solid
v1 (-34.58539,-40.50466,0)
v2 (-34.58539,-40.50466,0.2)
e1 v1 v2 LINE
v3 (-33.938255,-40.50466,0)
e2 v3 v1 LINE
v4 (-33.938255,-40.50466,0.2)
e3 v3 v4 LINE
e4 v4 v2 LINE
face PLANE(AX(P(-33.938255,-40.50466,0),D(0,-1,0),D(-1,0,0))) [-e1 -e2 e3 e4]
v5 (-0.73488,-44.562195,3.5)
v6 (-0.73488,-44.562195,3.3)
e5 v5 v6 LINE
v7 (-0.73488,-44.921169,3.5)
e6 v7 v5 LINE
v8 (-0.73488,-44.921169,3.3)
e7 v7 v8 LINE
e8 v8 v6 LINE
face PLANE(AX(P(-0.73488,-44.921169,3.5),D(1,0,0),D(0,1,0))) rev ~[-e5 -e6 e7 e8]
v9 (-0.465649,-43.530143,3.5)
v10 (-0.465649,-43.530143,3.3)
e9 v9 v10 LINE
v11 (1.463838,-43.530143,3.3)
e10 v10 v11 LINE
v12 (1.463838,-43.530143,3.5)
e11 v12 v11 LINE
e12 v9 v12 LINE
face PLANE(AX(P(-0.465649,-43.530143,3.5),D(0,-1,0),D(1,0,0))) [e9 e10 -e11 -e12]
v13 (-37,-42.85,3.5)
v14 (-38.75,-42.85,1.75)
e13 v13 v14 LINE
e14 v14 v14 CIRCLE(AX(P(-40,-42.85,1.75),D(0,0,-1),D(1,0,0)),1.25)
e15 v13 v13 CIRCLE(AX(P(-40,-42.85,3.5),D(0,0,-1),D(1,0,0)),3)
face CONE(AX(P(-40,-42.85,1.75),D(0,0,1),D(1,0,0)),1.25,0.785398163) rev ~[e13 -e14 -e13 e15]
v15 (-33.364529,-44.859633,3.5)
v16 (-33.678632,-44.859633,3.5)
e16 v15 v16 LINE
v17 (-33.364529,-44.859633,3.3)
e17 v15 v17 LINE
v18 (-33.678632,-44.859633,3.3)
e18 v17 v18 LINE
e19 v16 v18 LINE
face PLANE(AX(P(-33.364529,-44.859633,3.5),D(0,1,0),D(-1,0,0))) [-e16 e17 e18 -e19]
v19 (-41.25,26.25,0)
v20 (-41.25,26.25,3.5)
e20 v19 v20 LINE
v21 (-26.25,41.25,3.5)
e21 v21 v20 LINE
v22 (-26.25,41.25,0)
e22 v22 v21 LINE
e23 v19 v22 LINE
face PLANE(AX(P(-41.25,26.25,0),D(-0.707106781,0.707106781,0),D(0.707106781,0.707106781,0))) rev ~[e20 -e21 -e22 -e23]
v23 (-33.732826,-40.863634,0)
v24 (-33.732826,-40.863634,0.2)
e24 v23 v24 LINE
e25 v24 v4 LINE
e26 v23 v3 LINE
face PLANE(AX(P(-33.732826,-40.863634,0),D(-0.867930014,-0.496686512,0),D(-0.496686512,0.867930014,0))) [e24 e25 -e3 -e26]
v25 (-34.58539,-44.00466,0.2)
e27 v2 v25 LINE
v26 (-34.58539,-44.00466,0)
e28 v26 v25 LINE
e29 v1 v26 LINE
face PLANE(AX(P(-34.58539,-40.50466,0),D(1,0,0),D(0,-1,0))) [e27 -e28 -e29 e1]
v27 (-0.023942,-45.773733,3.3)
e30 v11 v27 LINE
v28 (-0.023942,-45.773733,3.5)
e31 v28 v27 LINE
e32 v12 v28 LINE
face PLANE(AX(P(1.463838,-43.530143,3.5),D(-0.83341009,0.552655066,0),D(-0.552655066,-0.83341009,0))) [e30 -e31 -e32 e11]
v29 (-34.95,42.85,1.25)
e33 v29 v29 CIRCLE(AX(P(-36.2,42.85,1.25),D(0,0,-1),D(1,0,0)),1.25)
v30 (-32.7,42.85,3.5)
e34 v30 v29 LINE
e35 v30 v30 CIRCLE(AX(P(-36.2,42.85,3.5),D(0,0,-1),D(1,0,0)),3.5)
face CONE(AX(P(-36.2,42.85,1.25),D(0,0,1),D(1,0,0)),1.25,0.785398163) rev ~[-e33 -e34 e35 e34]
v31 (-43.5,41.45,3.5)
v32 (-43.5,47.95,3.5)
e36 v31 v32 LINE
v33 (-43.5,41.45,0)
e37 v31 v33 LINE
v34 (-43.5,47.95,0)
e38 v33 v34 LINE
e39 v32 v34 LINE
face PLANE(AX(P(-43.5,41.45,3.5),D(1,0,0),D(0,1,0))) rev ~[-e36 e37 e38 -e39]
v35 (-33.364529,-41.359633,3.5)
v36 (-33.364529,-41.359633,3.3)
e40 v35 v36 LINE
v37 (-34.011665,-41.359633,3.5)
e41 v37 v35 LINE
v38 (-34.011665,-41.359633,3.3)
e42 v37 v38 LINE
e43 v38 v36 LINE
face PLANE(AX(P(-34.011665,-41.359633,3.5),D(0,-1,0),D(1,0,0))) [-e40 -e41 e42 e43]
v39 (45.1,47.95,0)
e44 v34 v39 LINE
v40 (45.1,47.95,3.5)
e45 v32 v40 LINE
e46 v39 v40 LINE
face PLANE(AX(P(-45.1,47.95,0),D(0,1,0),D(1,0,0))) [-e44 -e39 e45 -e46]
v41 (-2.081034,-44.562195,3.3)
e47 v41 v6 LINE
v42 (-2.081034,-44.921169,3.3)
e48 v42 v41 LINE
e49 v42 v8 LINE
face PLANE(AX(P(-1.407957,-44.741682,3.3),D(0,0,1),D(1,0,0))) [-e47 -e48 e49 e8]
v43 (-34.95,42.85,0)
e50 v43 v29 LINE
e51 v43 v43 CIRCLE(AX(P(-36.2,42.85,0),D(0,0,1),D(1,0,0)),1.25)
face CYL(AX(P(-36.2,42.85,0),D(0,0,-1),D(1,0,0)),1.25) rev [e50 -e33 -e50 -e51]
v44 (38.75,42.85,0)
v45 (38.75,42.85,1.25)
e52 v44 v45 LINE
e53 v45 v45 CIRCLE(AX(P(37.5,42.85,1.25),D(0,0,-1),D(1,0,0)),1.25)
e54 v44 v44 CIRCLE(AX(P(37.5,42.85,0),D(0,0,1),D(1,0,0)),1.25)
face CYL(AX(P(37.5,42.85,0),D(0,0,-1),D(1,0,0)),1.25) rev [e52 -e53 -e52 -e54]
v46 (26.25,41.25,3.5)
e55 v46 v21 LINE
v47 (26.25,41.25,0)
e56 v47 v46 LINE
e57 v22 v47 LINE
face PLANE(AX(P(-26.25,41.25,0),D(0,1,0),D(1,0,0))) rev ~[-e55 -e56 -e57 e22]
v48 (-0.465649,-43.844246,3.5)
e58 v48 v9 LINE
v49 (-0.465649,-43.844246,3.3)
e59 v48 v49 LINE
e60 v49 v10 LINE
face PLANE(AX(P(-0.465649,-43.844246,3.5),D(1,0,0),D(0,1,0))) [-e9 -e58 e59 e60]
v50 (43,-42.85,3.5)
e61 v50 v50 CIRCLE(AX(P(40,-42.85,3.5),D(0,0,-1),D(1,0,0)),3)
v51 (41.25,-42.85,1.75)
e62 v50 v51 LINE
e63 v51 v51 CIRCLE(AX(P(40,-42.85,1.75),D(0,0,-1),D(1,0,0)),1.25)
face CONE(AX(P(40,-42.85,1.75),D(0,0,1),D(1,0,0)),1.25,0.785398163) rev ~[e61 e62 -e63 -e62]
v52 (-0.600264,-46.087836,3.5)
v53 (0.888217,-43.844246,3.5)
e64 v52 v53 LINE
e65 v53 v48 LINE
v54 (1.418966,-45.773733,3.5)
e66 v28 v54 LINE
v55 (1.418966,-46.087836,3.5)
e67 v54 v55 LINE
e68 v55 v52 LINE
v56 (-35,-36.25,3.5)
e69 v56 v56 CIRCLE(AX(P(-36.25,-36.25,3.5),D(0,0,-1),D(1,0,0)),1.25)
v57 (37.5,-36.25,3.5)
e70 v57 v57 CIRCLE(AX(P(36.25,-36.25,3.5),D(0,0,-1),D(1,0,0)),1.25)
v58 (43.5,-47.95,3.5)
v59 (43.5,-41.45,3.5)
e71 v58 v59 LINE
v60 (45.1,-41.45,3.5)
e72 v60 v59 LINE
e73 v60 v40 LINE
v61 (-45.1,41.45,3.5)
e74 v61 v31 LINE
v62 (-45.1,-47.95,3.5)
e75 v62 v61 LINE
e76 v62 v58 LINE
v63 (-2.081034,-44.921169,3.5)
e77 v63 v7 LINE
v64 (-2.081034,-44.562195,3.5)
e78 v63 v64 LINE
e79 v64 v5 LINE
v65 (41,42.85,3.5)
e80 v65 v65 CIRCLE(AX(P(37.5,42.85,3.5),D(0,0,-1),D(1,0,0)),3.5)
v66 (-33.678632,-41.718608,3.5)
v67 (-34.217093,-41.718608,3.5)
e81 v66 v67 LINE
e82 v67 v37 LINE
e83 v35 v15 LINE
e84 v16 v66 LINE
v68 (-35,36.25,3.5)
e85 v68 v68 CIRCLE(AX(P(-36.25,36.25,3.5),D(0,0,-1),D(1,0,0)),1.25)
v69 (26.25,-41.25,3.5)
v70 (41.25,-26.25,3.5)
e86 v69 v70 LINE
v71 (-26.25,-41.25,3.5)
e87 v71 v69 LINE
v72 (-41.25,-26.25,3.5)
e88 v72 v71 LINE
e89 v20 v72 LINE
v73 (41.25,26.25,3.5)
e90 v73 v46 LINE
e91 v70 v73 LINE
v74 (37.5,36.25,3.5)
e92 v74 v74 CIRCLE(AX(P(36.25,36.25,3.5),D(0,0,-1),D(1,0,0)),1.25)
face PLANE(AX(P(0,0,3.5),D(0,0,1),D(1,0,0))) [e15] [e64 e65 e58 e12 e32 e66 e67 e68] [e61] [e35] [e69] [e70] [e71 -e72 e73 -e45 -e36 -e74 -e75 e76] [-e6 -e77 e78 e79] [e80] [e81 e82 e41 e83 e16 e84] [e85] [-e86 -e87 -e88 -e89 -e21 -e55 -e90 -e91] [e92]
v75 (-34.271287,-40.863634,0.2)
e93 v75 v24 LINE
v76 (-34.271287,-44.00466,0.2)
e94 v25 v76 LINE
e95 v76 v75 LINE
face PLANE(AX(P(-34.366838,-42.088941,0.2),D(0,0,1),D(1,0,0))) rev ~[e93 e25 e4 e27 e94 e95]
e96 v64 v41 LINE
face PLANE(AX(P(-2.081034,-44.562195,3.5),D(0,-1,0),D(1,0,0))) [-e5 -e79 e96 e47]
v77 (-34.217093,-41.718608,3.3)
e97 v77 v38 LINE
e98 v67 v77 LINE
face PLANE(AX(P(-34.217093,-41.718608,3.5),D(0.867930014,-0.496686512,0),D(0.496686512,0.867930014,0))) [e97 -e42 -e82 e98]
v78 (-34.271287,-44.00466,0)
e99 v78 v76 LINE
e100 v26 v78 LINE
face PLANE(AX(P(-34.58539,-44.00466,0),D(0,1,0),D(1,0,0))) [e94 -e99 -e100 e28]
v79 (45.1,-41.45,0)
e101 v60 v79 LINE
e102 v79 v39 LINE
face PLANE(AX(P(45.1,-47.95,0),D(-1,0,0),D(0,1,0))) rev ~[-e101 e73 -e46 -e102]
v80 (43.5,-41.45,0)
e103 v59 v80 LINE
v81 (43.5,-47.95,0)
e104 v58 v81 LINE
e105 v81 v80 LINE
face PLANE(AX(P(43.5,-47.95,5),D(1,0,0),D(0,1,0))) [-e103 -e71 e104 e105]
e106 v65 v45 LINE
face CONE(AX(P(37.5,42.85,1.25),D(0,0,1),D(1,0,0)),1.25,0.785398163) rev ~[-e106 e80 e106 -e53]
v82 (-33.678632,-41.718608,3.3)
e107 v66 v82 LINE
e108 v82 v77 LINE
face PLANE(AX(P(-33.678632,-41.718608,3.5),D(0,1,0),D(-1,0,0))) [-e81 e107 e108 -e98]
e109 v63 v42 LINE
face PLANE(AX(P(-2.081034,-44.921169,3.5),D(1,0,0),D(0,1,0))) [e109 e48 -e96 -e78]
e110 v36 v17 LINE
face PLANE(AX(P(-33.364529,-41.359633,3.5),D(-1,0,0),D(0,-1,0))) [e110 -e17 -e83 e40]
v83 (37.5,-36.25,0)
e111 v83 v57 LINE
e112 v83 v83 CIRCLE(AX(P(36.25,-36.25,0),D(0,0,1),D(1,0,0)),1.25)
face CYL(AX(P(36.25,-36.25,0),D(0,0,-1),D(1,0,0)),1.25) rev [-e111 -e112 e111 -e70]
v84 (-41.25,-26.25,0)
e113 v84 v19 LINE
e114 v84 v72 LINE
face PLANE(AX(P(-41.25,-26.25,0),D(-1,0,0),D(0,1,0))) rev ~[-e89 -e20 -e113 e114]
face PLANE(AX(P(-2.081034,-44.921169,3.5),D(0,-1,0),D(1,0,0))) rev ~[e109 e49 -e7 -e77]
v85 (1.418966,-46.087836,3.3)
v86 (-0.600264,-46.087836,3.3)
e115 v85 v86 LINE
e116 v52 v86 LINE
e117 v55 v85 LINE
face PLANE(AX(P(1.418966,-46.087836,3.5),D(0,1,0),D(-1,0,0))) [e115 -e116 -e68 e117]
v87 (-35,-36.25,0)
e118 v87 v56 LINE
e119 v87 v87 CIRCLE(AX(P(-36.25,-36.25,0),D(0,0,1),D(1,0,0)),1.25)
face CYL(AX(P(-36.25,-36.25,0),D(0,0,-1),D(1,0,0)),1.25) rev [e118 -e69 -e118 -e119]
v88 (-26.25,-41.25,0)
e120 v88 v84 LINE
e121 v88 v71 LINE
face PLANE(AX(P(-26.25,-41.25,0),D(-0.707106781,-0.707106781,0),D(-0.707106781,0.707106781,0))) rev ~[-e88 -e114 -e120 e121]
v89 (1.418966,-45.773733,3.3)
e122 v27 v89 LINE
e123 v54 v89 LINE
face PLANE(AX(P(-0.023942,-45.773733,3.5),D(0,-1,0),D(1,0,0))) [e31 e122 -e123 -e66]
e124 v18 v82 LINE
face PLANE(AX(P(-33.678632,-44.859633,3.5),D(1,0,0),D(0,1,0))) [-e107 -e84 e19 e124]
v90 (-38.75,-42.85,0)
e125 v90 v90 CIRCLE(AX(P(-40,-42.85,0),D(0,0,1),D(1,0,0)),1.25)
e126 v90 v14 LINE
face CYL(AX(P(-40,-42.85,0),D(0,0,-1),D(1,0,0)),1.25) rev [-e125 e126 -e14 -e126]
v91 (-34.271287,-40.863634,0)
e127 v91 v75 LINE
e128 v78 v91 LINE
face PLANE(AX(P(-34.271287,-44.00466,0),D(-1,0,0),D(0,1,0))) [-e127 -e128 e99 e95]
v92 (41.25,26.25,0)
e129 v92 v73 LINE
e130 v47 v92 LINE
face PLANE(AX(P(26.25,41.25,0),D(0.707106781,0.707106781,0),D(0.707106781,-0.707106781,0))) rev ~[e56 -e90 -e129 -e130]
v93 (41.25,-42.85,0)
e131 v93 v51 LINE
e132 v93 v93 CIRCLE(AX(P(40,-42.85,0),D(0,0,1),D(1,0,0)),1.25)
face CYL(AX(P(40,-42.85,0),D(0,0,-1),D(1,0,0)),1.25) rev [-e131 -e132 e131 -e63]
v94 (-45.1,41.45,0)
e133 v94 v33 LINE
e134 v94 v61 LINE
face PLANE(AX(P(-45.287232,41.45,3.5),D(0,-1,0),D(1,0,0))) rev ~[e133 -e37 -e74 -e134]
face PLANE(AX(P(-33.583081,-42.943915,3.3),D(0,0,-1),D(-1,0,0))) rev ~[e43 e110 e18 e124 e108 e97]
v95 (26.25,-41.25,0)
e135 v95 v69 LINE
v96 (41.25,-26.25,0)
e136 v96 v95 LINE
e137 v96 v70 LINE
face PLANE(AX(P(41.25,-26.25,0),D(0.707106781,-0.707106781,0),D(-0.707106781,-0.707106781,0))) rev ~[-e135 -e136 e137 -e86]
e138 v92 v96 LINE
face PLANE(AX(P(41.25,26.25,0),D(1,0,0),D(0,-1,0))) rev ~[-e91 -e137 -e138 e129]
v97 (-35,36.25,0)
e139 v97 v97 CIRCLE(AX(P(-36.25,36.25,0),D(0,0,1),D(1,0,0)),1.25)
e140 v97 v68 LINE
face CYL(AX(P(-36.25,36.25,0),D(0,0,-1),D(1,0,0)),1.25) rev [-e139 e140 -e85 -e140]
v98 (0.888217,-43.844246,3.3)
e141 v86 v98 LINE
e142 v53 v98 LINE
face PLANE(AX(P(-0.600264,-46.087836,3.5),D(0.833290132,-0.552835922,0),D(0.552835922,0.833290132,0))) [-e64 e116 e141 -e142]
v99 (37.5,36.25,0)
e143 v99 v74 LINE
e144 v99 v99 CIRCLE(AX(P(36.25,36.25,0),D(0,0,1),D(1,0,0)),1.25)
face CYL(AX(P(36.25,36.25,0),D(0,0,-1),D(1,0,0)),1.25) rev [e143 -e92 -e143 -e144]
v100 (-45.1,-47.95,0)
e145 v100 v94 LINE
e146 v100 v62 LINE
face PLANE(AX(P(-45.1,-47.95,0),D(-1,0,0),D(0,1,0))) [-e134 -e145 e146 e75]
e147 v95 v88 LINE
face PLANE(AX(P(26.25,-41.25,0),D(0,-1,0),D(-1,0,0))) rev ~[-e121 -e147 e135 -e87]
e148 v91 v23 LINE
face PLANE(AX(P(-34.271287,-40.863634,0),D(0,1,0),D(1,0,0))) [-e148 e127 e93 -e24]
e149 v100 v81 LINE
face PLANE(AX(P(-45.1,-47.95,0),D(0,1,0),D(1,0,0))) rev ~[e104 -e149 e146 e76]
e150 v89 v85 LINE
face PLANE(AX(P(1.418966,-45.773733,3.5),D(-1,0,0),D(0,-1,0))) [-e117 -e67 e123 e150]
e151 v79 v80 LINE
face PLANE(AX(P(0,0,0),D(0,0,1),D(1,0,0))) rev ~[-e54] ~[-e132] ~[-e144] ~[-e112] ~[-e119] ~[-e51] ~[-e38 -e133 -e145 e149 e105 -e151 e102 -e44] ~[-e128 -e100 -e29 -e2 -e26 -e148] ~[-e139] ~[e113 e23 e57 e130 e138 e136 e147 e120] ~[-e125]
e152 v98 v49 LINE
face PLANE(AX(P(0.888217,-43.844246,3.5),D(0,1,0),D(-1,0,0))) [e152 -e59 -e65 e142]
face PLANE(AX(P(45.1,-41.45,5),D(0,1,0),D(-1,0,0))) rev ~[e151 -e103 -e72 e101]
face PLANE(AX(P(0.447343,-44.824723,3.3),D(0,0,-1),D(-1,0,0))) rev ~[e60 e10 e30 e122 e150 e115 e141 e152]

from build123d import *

# Parameters (mm, degrees)
ESBO_O1_W                  = 90.2
ESBO_O1_H                  = 95.9
RESSALTO_EXTRUS_O1_DEPTH   = 3.5
ESBO_O2_R                  = 1.25
CORTE_EXTRUS_O1_DEPTH      = 5
CORTE_EXTRUS_O3_DEPTH      = 5
ESBO_O4_R                  = 1.25
CORTE_EXTRUS_O2_DEPTH      = 10
CHANFRO4_SIZE              = 1.75
CHANFRO5_SIZE              = 1.75
CHANFRO6_SIZE              = 2.25
CHANFRO7_SIZE              = 2.25
CORTE_EXTRUS_O4_DEPTH      = 0.2
CORTE_EXTRUS_O5_DEPTH      = 0.2
CORTE_EXTRUS_O7_DEPTH      = 66.920122118
CORTE_EXTRUS_O7_DEPTH_BACK = 5
ESBO_O7_W                  = 1.6
ESBO_O7_H                  = 6.5
CORTE_EXTRUS_O8_DEPTH      = 5
ESBO_O9_W                  = 1.346153846
ESBO_O9_H                  = 0.358974359
CORTE_EXTRUS_O9_DEPTH      = 0.2


with BuildPart() as part:
    # Esboço1 → Ressalto-extrusão1 (new body)
    with BuildSketch(Plane.XY):
        Rectangle(ESBO_O1_W, ESBO_O1_H)
    extrude(amount=RESSALTO_EXTRUS_O1_DEPTH)

    # Esboço2 → Corte-extrusão1 (cut)
    with BuildSketch(Plane.XY):
        with Locations((-36.2, 42.85)):
            Circle(ESBO_O2_R)
        with Locations((37.5, 42.85)):
            Circle(ESBO_O2_R)
        with Locations((40, -42.85)):
            Circle(ESBO_O2_R)
        with Locations((-40, -42.85)):
            Circle(ESBO_O2_R)
    extrude(amount=CORTE_EXTRUS_O1_DEPTH, mode=Mode.SUBTRACT)

    # Esboço3 → Corte-extrusão3 (cut)
    with BuildSketch(Plane.XY):
        Polygon((-26.25, 41.25), (26.25, 41.25), (41.25, 26.25), (41.25, -26.25), (26.25, -41.25), (-26.25, -41.25), (-41.25, -26.25), (-41.25, 26.25), align=None)
    extrude(amount=CORTE_EXTRUS_O3_DEPTH, mode=Mode.SUBTRACT)

    # Esboço4 → Corte-extrusão2 (cut)
    with BuildSketch(Plane.XY):
        with Locations((-36.25, 36.25)):
            Circle(ESBO_O4_R)
        with Locations((36.25, 36.25)):
            Circle(ESBO_O4_R)
        with Locations((-36.25, -36.25)):
            Circle(ESBO_O4_R)
        with Locations((36.25, -36.25)):
            Circle(ESBO_O4_R)
    extrude(amount=CORTE_EXTRUS_O2_DEPTH, mode=Mode.SUBTRACT)

    # Chanfro4
    chanfro4_edges = [part.edges().sort_by_distance(p)[0] for p in [
        (-41.25, -42.85, 3.5),
    ]]
    chamfer(chanfro4_edges, length=CHANFRO4_SIZE)

    # Chanfro5
    chanfro5_edges = [part.edges().sort_by_distance(p)[0] for p in [
        (38.75, -42.85, 3.5),
    ]]
    chamfer(chanfro5_edges, length=CHANFRO5_SIZE)

    # Chanfro6
    chanfro6_edges = [part.edges().sort_by_distance(p)[0] for p in [
        (-37.45, 42.85, 3.5),
    ]]
    chamfer(chanfro6_edges, length=CHANFRO6_SIZE)

    # Chanfro7
    chanfro7_edges = [part.edges().sort_by_distance(p)[0] for p in [
        (36.25, 42.85, 3.5),
    ]]
    chamfer(chanfro7_edges, length=CHANFRO7_SIZE)

    # Esboço5 → Corte-extrusão4 (cut)
    with BuildSketch(Plane.XY.offset(3.5)):
        Polygon((-34.011664728, -41.359633286), (-33.364529311, -41.359633286), (-33.364529311, -44.859633286), (-33.678631875, -44.859633286), (-33.678631875, -41.718607645), (-34.217093414, -41.718607645), align=None)
    extrude(amount=-CORTE_EXTRUS_O4_DEPTH, mode=Mode.SUBTRACT)

    # Esboço6 → Corte-extrusão5 (cut)
    with BuildSketch(Plane(origin=(0, 0, 0), x_dir=(-1, 0, 0), z_dir=(0, 0, -1))):
        Polygon((33.93825461, -40.504659527), (34.585390027, -40.504659527), (34.585390027, -44.004659527), (34.271287463, -44.004659527), (34.271287463, -40.863633886), (33.732825924, -40.863633886), align=None)
    extrude(amount=-CORTE_EXTRUS_O5_DEPTH, mode=Mode.SUBTRACT)

    # Esboço7 → Corte-extrusão7 (cut, two sides: drawn at the far end of the back side and taken through both)
    with BuildSketch(Plane(origin=(0, 0, 0), x_dir=(-1, 0, 0), z_dir=(0, 0, -1)).offset(-CORTE_EXTRUS_O7_DEPTH_BACK)):
        with Locations((-44.3, -44.7)):
            Rectangle(ESBO_O7_W, ESBO_O7_H)
    extrude(amount=CORTE_EXTRUS_O7_DEPTH + CORTE_EXTRUS_O7_DEPTH_BACK, mode=Mode.SUBTRACT)

    # Esboço8 → Corte-extrusão8 (cut)
    with BuildSketch(Plane.XY.offset(3.5)):
        Polygon((-43.5, 47.95), (-43.5, 41.45), (-45.1, 41.45), (-45.287231685, 41.45), (-45.287231685, 48.410891955), (-43.5, 48.410891955), align=None)
    extrude(amount=-CORTE_EXTRUS_O8_DEPTH, mode=Mode.SUBTRACT)

    # Esboço9 → Corte-extrusão9 (cut)
    with BuildSketch(Plane.XY.offset(3.5)):
        with Locations((-1.407956652, -44.741681875)):
            Rectangle(ESBO_O9_W, ESBO_O9_H)
        Polygon((-0.46564896, -43.530143413), (1.46383822, -43.530143413), (-0.023942229, -45.773733157), (1.418966425, -45.773733157), (1.418966425, -46.087835721), (-0.600264345, -46.087835721), (0.888217226, -43.844245977), (-0.46564896, -43.844245977), align=None)
    extrude(amount=-CORTE_EXTRUS_O9_DEPTH, mode=Mode.SUBTRACT)


solid = part.part
